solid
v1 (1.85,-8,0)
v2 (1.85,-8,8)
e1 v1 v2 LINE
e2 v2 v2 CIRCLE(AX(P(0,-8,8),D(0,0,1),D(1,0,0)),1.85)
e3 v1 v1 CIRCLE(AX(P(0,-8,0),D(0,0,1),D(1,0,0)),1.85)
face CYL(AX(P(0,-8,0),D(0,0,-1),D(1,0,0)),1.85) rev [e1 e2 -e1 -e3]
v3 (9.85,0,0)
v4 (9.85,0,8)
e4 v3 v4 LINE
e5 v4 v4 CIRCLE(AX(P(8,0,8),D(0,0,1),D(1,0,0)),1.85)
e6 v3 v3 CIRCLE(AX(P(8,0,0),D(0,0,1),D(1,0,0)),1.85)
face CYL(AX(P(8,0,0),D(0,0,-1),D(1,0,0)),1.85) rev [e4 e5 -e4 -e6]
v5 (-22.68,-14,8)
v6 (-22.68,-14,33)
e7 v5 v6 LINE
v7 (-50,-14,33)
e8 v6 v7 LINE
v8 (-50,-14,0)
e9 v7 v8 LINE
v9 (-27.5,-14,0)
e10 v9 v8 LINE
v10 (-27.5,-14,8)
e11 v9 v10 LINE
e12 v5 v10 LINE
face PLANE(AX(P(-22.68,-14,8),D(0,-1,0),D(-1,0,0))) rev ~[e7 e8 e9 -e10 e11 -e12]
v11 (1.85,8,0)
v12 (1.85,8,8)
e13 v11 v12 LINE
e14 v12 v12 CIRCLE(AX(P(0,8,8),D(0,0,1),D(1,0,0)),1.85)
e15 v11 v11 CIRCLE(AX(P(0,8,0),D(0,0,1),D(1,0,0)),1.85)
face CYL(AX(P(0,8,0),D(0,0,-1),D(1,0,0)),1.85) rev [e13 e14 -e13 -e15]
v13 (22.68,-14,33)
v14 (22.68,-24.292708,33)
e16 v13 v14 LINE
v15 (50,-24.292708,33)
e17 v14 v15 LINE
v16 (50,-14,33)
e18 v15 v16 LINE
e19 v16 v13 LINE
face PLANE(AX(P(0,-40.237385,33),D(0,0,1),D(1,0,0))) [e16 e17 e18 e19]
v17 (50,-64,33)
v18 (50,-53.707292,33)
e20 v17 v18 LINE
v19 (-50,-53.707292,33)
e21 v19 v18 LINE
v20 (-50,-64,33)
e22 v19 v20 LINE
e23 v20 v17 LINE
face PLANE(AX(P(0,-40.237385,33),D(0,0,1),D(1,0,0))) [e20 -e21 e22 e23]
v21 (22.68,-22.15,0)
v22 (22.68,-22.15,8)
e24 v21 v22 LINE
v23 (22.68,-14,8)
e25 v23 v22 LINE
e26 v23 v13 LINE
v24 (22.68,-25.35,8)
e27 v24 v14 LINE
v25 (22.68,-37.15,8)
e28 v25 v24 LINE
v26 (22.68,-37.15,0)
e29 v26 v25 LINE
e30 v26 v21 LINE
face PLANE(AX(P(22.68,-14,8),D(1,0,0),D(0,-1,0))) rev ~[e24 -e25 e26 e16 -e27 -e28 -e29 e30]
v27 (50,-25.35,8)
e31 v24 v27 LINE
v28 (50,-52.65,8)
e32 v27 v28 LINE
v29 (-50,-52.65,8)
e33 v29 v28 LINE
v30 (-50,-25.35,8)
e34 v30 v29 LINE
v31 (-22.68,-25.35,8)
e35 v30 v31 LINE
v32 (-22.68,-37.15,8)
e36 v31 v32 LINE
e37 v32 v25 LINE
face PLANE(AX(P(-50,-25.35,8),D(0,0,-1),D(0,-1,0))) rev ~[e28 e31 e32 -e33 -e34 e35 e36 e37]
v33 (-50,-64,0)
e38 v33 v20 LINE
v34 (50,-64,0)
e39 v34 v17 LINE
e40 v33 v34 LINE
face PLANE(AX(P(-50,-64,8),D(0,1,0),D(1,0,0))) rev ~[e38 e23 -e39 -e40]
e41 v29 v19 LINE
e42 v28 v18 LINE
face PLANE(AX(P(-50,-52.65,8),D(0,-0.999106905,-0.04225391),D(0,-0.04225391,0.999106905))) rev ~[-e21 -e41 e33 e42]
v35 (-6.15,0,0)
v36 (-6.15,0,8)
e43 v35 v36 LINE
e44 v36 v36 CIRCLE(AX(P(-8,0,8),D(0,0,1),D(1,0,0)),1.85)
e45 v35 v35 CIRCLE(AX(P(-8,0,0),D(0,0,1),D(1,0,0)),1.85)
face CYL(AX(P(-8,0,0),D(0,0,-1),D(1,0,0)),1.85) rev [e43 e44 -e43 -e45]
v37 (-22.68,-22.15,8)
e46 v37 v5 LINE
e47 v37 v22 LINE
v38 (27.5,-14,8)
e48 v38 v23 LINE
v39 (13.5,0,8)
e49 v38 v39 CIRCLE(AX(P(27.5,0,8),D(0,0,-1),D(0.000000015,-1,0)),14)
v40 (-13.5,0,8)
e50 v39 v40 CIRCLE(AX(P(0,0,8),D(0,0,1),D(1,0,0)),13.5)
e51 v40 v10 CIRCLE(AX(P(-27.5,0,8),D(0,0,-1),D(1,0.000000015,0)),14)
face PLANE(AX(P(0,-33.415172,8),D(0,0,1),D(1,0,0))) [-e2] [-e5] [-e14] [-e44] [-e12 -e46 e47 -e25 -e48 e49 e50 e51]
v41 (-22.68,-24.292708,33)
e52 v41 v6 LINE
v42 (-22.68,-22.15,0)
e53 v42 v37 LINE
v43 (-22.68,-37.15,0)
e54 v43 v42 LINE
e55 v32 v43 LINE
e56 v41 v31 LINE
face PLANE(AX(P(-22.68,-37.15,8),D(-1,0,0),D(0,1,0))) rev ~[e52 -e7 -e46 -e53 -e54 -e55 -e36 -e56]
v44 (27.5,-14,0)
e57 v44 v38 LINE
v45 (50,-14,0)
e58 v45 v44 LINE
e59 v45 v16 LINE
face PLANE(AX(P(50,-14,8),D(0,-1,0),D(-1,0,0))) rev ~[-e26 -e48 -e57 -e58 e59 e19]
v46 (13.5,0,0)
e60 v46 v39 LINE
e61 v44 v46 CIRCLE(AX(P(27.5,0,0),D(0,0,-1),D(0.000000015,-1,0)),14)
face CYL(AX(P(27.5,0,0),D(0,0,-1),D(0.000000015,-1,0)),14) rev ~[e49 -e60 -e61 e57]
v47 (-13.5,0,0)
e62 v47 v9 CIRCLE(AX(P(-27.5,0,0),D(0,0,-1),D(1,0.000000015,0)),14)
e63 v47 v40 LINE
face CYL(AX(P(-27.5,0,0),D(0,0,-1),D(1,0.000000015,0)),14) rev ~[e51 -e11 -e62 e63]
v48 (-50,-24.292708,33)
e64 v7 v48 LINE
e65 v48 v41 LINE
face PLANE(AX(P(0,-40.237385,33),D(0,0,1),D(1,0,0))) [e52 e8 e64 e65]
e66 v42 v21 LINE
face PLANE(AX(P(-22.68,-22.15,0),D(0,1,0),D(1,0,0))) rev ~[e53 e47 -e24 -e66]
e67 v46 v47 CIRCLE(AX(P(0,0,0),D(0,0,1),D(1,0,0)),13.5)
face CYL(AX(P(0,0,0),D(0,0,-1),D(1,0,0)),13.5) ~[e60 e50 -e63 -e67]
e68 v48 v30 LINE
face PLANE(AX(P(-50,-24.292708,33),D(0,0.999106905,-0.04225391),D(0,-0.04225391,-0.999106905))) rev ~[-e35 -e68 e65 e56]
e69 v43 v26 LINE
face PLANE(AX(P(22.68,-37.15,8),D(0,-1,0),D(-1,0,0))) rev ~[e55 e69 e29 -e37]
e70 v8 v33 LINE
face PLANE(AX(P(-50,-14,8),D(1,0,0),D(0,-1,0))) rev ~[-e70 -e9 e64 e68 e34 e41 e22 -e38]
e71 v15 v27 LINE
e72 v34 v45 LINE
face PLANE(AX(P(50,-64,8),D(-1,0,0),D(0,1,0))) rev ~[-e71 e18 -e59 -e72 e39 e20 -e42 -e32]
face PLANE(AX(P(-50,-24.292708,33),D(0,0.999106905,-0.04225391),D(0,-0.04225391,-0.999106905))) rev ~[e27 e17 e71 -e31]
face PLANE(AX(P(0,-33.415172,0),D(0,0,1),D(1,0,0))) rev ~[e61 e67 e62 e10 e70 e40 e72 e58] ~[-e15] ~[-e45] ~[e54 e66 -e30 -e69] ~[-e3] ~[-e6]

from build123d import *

# Parameters (mm, degrees)
F0_W     = 45.36
F0_H     = 15
F0_R     = 1.85
F1_DEPTH = 8
F3_DEPTH = 25
F5_DEPTH = 100


with BuildPart() as f1:
    # F0 (on Top) → F1 (new body)
    with BuildSketch(Plane.XY):
        with BuildLine():
            ThreePointArc((27.5, -14), (17.600505, -9.899495), (13.5, 0))
            ThreePointArc((13.5, 0), (0, 13.5), (-13.5, 0))
            ThreePointArc((-13.5, 0), (-17.600505, -9.899495), (-27.5, -14))
            Line((-27.5, -14), (-50, -14))
            Line((-50, -14), (-50, -64))
            Line((-50, -64), (50, -64))
            Line((50, -64), (50, -14))
            Line((50, -14), (27.5, -14))
        make_face()
        with Locations((0, -29.65)):
            Rectangle(F0_W, F0_H, mode=Mode.SUBTRACT)
        with Locations((-8, 0)):
            Circle(F0_R, mode=Mode.SUBTRACT)
        with Locations((0, -8)):
            Circle(F0_R, mode=Mode.SUBTRACT)
        with Locations((8, 0)):
            Circle(F0_R, mode=Mode.SUBTRACT)
        with Locations((0, 8)):
            Circle(F0_R, mode=Mode.SUBTRACT)
    extrude(amount=F1_DEPTH)

    # F2 (on face) → F3 (join)
    with BuildSketch(Plane.XY.offset(8)):
        Polygon((-27.5, -14), (-50, -14), (-50, -64), (50, -64), (50, -14), (27.5, -14), (22.68, -14), (22.68, -22.15), (22.68, -37.15), (-22.68, -37.15), (-22.68, -22.15), (-22.68, -14), align=None)
    extrude(amount=F3_DEPTH)

    # F4 (on face) → F5 (cut, through all)
    with BuildSketch(Plane(origin=(-50, 0, 0), x_dir=(0, -1, 0), z_dir=(-1, 0, 0))):
        Polygon((24.292708, 33), (25.35, 8), (52.65, 8), (53.707292, 33), align=None)
    extrude(amount=-F5_DEPTH, mode=Mode.SUBTRACT)


solid = f1.part
